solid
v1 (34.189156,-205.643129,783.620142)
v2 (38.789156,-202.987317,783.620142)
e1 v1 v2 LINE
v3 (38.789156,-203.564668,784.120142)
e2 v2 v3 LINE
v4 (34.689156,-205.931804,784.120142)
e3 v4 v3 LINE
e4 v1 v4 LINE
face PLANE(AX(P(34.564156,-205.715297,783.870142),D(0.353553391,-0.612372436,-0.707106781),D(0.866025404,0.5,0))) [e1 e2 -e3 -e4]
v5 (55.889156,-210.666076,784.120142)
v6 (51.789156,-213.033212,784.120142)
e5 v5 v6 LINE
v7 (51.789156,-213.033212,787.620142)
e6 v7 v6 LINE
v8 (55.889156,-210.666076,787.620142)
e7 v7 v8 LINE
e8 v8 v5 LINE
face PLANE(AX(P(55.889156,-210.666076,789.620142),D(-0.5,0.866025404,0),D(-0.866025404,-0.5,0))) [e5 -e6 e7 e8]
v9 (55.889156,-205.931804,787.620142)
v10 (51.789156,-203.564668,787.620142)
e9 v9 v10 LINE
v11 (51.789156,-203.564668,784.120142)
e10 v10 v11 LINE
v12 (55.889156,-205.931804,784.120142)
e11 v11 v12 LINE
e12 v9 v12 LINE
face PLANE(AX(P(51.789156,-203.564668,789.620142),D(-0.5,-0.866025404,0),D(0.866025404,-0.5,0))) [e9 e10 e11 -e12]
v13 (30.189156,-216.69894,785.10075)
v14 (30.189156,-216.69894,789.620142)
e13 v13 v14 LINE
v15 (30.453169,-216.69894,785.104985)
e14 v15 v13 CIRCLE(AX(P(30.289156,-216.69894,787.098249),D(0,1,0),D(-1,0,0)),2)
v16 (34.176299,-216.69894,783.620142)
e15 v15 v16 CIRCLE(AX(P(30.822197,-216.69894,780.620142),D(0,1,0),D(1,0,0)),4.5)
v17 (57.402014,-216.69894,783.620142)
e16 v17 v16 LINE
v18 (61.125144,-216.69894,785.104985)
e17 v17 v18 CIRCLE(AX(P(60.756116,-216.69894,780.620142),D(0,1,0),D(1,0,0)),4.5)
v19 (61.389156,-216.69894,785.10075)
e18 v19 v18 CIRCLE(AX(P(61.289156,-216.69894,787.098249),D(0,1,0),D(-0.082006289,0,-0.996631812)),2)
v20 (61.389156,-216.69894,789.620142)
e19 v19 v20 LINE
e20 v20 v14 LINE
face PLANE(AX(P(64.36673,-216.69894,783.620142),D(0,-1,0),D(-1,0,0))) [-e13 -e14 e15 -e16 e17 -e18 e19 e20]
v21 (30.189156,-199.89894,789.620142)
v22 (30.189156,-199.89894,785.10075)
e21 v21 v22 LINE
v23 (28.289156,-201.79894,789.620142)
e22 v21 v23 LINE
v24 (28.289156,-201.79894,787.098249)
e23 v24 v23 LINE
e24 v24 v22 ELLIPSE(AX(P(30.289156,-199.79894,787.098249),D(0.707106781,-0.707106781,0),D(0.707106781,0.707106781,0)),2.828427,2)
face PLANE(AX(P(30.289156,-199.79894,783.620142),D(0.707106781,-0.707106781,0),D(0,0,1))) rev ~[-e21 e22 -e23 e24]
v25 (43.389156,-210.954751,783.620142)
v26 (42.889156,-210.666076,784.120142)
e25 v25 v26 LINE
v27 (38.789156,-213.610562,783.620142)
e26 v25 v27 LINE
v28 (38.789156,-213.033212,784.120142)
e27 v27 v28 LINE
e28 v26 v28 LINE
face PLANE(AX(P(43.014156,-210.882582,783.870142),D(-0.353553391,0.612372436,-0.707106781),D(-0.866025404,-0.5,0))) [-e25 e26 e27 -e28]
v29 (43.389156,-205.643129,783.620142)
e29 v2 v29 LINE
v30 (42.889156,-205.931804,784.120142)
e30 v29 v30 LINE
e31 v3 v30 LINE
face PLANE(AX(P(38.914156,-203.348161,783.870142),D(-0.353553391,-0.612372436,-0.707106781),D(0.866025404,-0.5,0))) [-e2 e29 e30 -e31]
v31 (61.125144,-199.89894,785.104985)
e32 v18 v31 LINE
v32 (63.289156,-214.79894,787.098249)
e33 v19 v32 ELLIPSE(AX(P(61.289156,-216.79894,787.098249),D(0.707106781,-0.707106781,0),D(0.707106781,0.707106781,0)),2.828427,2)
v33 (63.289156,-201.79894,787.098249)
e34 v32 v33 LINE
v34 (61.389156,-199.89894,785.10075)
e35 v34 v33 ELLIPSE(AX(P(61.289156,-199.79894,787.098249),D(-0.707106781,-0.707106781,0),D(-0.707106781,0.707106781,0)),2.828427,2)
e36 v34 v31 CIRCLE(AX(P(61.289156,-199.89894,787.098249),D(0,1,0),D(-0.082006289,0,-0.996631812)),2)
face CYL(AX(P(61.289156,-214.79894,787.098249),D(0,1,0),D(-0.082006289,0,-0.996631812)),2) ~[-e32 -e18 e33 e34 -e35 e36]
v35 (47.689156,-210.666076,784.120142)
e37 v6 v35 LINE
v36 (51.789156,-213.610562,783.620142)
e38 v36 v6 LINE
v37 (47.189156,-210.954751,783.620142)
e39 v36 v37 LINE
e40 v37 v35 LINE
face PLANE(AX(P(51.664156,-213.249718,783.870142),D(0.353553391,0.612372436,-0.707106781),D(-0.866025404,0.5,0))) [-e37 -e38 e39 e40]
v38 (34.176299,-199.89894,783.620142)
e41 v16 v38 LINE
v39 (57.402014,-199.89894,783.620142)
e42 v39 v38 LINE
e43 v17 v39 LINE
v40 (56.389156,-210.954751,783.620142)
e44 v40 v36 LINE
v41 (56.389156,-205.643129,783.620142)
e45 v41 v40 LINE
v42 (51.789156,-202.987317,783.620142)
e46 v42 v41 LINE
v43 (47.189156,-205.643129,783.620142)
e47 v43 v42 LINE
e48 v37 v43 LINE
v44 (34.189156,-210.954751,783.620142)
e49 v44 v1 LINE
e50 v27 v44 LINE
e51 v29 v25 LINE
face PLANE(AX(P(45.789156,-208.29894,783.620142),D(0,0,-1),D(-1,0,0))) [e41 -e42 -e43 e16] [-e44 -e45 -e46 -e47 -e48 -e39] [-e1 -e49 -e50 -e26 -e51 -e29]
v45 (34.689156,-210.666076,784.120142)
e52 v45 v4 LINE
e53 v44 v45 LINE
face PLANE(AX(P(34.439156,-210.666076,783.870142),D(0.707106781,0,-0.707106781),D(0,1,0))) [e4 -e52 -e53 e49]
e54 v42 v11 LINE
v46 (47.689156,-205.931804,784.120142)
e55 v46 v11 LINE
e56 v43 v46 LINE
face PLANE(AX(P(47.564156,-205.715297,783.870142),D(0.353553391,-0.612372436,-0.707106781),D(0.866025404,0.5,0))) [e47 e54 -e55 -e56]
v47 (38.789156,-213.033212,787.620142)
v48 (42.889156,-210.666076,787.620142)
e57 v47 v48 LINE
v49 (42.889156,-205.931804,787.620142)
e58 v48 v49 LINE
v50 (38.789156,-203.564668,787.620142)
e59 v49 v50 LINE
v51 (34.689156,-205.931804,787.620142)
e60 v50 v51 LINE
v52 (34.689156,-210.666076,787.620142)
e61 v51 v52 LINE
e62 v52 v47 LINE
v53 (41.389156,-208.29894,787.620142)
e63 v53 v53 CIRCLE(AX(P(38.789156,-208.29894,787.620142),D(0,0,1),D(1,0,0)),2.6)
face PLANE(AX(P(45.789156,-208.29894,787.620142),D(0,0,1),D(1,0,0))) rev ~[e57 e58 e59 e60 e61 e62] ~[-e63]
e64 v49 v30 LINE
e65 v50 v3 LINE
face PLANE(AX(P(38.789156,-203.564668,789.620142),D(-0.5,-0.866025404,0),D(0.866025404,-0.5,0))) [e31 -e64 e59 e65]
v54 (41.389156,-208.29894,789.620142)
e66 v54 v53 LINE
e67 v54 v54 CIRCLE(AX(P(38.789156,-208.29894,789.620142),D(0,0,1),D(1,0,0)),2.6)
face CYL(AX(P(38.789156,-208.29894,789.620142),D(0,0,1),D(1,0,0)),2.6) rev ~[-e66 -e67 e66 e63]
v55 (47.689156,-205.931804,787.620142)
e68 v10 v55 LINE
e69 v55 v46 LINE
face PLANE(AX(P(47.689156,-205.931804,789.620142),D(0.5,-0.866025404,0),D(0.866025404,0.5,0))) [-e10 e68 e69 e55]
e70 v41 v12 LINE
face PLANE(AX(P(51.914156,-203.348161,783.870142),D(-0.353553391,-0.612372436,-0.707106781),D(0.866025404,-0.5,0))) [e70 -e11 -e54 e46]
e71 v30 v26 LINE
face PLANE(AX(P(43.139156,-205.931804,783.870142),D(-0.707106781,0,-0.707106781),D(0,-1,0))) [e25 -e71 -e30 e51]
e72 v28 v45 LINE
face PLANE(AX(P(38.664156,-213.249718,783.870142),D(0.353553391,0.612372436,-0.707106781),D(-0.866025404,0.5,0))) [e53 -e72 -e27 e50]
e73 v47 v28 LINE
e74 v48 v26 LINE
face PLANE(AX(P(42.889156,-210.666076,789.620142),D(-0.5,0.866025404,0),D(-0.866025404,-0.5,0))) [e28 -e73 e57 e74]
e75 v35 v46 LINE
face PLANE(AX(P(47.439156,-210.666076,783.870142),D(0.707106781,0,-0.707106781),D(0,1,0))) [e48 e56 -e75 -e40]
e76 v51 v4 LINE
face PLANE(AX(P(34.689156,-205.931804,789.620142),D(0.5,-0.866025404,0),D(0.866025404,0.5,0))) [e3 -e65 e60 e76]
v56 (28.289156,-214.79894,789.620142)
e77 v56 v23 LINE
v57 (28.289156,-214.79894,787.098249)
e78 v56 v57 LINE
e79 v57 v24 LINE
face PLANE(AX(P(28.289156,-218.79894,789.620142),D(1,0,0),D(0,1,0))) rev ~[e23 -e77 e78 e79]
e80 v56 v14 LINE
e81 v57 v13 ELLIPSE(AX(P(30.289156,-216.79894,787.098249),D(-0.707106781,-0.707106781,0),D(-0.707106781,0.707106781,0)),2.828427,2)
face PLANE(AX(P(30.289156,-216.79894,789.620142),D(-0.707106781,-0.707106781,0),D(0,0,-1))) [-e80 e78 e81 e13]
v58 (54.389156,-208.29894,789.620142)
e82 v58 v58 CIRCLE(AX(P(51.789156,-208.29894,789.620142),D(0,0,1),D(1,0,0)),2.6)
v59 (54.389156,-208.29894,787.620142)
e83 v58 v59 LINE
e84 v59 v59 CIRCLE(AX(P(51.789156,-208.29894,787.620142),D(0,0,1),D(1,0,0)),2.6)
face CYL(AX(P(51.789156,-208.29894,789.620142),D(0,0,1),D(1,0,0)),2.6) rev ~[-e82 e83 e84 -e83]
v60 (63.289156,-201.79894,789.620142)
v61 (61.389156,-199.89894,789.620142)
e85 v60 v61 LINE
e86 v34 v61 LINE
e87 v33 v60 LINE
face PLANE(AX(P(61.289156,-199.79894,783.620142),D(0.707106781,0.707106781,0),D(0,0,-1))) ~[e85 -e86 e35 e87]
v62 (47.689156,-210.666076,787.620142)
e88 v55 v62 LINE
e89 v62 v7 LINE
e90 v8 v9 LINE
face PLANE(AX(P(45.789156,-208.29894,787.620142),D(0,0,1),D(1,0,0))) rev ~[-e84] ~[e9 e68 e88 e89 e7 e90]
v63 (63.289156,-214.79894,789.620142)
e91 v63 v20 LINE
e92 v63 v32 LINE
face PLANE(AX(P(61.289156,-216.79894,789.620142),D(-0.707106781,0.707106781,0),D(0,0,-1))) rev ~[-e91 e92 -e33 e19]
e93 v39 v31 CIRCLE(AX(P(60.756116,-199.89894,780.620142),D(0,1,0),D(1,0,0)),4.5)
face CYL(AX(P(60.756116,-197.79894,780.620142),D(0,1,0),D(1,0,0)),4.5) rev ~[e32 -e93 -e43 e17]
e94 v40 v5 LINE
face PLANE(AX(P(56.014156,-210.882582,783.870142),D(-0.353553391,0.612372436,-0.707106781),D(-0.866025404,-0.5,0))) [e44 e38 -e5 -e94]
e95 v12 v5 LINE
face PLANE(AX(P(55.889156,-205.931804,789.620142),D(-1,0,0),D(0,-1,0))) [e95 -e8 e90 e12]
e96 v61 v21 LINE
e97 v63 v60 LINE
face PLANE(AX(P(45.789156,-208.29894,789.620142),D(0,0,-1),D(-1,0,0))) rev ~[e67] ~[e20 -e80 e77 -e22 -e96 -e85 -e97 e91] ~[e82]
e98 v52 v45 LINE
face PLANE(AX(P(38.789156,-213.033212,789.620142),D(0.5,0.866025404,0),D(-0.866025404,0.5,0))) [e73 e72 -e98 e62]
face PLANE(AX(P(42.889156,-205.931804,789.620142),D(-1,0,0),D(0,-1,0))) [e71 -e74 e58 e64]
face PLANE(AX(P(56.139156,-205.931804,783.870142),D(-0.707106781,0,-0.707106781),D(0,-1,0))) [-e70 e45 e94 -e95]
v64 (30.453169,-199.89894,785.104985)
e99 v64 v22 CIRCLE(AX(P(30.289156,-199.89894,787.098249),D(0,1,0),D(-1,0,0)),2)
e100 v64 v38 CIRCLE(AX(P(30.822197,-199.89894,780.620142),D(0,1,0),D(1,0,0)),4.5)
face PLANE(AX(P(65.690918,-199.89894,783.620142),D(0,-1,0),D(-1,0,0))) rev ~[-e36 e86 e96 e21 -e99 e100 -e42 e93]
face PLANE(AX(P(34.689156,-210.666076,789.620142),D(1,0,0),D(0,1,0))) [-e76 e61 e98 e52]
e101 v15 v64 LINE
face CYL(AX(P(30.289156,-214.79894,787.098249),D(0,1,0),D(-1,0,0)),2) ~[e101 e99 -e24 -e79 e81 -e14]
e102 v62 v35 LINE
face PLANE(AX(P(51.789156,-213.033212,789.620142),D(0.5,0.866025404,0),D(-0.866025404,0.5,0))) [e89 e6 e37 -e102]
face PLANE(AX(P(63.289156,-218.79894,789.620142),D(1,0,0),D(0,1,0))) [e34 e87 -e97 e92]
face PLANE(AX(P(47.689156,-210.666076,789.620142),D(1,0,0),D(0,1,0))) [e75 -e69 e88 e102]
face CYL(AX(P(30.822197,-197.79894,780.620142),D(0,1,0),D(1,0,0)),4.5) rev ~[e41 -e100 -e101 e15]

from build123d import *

# Parameters (mm, degrees)
SKETCH1_W           = 35
SKETCH1_H           = 21
BOSS_EXTRUDE1_DEPTH = 6
SKETCH2_W           = 35
SKETCH2_H           = 21
SKETCH2_R           = 2.6
BOSS_EXTRUDE2_DEPTH = 2
CHAMFER1_SIZE       = 4
CHAMFER2_SIZE       = 0.5
SKETCH3_R           = 4.499999999
SKETCH3_R_2         = 4.500000001
CUT_EXTRUDE1_DEPTH  = 49.5
FILLET1_R           = 2
FILLET2_R           = 2
SKETCH5_W           = 39.219322143
SKETCH5_H           = 6.192524549
SKETCH5_W_2         = 37.895134504
SKETCH5_H_2         = 8.100912618
CUT_EXTRUDE2_DEPTH  = 10


with BuildPart() as part:
    # Sketch1 → Boss-Extrude1 (new body)
    with BuildSketch(Plane(origin=(0, 0, 789.620141885), x_dir=(-1, 0, 0), z_dir=(0, 0, -1))):
        with Locations((-45.789156386, -208.298939869)):
            Rectangle(SKETCH1_W, SKETCH1_H)
        Polygon((-51.789156386, -203.564667662), (-55.889156386, -205.931803766), (-55.889156386, -210.666075973), (-51.789156386, -213.033212077), (-47.689156386, -210.666075973), (-47.689156386, -205.931803766), align=None, mode=Mode.SUBTRACT)
        Polygon((-42.889156386, -205.931803766), (-42.889156386, -210.666075973), (-38.789156386, -213.033212077), (-34.689156386, -210.666075973), (-34.689156386, -205.931803766), (-38.789156386, -203.564667662), align=None, mode=Mode.SUBTRACT)
    extrude(amount=BOSS_EXTRUDE1_DEPTH)

    # Sketch2 → Boss-Extrude2 (add)
    with BuildSketch(Plane.XY.offset(789.620141885)):
        with Locations((45.789156386, -208.298939869)):
            Rectangle(SKETCH2_W, SKETCH2_H)
        with Locations((38.789156386, -208.298939869)):
            Circle(SKETCH2_R, mode=Mode.SUBTRACT)
        with Locations((51.789156386, -208.298939869)):
            Circle(SKETCH2_R, mode=Mode.SUBTRACT)
    extrude(amount=-BOSS_EXTRUDE2_DEPTH)

    # Chamfer1
    chamfer1_edges = [part.edges().sort_by_distance(p)[0] for p in [
        (63.289156386, -197.798939869, 786.620141885),
        (28.289156386, -197.798939869, 786.620141885),
        (28.289156386, -218.798939869, 786.620141885),
        (63.289156386, -218.798939869, 786.620141885),
    ]]
    chamfer(chamfer1_edges, length=CHAMFER1_SIZE)

    # Chamfer2
    chamfer2_edges = [part.edges().sort_by_distance(p)[0] for p in [
        (45.789156386, -197.798939869, 783.620141885),
        (45.789156386, -218.798939869, 783.620141885),
        (28.289156386, -208.298939869, 783.620141885),
        (61.289156386, -216.798939869, 783.620141885),
        (30.289156386, -216.798939869, 783.620141885),
        (30.289156386, -199.798939869, 783.620141885),
        (61.289156386, -199.798939869, 783.620141885),
        (49.739156386, -204.748235714, 783.620141885),
        (53.839156386, -204.748235714, 783.620141885),
        (55.889156386, -208.298939869, 783.620141885),
        (53.839156386, -211.849644025, 783.620141885),
        (49.739156386, -211.849644025, 783.620141885),
        (47.689156386, -208.298939869, 783.620141885),
        (40.839156386, -204.748235714, 783.620141885),
        (42.889156386, -208.298939869, 783.620141885),
        (40.839156386, -211.849644025, 783.620141885),
        (36.739156386, -211.849644025, 783.620141885),
        (34.689156386, -208.298939869, 783.620141885),
        (36.739156386, -204.748235714, 783.620141885),
        (63.289156386, -208.298939869, 783.620141885),
    ]]
    chamfer(chamfer2_edges, length=CHAMFER2_SIZE)

    # Sketch3 → Cut-Extrude1 (cut)
    with BuildSketch(Plane(origin=(0, -197.798939869, 0), x_dir=(1, 0, 0), z_dir=(0, 1, 0))):
        with Locations((30.822197264, -780.620141885)):
            Circle(SKETCH3_R)
        with Locations((60.756115509, -780.620141885)):
            Circle(SKETCH3_R_2)
    extrude(amount=-CUT_EXTRUDE1_DEPTH, mode=Mode.SUBTRACT)

    # Fillet1
    fillet1_edges = [part.edges().sort_by_distance(p)[0] for p in [
        (28.289156386, -208.298939869, 784.339510636),
    ]]
    fillet(fillet1_edges, radius=FILLET1_R)

    # Fillet2
    fillet2_edges = [part.edges().sort_by_distance(p)[0] for p in [
        (63.289156386, -208.298939869, 784.339510637),
    ]]
    fillet(fillet2_edges, radius=FILLET2_R)

    # Sketch5 → Cut-Extrude2 (cut)
    with BuildSketch(Plane(origin=(0, 0, 783.620141885), x_dir=(-1, 0, 0), z_dir=(0, 0, -1))):
        with Locations((-46.0812566, -196.802677595)):
            Rectangle(SKETCH5_W, SKETCH5_H)
        with Locations((-45.419162781, -220.749396178)):
            Rectangle(SKETCH5_W_2, SKETCH5_H_2)
    extrude(amount=-CUT_EXTRUDE2_DEPTH, mode=Mode.SUBTRACT)


solid = part.part
